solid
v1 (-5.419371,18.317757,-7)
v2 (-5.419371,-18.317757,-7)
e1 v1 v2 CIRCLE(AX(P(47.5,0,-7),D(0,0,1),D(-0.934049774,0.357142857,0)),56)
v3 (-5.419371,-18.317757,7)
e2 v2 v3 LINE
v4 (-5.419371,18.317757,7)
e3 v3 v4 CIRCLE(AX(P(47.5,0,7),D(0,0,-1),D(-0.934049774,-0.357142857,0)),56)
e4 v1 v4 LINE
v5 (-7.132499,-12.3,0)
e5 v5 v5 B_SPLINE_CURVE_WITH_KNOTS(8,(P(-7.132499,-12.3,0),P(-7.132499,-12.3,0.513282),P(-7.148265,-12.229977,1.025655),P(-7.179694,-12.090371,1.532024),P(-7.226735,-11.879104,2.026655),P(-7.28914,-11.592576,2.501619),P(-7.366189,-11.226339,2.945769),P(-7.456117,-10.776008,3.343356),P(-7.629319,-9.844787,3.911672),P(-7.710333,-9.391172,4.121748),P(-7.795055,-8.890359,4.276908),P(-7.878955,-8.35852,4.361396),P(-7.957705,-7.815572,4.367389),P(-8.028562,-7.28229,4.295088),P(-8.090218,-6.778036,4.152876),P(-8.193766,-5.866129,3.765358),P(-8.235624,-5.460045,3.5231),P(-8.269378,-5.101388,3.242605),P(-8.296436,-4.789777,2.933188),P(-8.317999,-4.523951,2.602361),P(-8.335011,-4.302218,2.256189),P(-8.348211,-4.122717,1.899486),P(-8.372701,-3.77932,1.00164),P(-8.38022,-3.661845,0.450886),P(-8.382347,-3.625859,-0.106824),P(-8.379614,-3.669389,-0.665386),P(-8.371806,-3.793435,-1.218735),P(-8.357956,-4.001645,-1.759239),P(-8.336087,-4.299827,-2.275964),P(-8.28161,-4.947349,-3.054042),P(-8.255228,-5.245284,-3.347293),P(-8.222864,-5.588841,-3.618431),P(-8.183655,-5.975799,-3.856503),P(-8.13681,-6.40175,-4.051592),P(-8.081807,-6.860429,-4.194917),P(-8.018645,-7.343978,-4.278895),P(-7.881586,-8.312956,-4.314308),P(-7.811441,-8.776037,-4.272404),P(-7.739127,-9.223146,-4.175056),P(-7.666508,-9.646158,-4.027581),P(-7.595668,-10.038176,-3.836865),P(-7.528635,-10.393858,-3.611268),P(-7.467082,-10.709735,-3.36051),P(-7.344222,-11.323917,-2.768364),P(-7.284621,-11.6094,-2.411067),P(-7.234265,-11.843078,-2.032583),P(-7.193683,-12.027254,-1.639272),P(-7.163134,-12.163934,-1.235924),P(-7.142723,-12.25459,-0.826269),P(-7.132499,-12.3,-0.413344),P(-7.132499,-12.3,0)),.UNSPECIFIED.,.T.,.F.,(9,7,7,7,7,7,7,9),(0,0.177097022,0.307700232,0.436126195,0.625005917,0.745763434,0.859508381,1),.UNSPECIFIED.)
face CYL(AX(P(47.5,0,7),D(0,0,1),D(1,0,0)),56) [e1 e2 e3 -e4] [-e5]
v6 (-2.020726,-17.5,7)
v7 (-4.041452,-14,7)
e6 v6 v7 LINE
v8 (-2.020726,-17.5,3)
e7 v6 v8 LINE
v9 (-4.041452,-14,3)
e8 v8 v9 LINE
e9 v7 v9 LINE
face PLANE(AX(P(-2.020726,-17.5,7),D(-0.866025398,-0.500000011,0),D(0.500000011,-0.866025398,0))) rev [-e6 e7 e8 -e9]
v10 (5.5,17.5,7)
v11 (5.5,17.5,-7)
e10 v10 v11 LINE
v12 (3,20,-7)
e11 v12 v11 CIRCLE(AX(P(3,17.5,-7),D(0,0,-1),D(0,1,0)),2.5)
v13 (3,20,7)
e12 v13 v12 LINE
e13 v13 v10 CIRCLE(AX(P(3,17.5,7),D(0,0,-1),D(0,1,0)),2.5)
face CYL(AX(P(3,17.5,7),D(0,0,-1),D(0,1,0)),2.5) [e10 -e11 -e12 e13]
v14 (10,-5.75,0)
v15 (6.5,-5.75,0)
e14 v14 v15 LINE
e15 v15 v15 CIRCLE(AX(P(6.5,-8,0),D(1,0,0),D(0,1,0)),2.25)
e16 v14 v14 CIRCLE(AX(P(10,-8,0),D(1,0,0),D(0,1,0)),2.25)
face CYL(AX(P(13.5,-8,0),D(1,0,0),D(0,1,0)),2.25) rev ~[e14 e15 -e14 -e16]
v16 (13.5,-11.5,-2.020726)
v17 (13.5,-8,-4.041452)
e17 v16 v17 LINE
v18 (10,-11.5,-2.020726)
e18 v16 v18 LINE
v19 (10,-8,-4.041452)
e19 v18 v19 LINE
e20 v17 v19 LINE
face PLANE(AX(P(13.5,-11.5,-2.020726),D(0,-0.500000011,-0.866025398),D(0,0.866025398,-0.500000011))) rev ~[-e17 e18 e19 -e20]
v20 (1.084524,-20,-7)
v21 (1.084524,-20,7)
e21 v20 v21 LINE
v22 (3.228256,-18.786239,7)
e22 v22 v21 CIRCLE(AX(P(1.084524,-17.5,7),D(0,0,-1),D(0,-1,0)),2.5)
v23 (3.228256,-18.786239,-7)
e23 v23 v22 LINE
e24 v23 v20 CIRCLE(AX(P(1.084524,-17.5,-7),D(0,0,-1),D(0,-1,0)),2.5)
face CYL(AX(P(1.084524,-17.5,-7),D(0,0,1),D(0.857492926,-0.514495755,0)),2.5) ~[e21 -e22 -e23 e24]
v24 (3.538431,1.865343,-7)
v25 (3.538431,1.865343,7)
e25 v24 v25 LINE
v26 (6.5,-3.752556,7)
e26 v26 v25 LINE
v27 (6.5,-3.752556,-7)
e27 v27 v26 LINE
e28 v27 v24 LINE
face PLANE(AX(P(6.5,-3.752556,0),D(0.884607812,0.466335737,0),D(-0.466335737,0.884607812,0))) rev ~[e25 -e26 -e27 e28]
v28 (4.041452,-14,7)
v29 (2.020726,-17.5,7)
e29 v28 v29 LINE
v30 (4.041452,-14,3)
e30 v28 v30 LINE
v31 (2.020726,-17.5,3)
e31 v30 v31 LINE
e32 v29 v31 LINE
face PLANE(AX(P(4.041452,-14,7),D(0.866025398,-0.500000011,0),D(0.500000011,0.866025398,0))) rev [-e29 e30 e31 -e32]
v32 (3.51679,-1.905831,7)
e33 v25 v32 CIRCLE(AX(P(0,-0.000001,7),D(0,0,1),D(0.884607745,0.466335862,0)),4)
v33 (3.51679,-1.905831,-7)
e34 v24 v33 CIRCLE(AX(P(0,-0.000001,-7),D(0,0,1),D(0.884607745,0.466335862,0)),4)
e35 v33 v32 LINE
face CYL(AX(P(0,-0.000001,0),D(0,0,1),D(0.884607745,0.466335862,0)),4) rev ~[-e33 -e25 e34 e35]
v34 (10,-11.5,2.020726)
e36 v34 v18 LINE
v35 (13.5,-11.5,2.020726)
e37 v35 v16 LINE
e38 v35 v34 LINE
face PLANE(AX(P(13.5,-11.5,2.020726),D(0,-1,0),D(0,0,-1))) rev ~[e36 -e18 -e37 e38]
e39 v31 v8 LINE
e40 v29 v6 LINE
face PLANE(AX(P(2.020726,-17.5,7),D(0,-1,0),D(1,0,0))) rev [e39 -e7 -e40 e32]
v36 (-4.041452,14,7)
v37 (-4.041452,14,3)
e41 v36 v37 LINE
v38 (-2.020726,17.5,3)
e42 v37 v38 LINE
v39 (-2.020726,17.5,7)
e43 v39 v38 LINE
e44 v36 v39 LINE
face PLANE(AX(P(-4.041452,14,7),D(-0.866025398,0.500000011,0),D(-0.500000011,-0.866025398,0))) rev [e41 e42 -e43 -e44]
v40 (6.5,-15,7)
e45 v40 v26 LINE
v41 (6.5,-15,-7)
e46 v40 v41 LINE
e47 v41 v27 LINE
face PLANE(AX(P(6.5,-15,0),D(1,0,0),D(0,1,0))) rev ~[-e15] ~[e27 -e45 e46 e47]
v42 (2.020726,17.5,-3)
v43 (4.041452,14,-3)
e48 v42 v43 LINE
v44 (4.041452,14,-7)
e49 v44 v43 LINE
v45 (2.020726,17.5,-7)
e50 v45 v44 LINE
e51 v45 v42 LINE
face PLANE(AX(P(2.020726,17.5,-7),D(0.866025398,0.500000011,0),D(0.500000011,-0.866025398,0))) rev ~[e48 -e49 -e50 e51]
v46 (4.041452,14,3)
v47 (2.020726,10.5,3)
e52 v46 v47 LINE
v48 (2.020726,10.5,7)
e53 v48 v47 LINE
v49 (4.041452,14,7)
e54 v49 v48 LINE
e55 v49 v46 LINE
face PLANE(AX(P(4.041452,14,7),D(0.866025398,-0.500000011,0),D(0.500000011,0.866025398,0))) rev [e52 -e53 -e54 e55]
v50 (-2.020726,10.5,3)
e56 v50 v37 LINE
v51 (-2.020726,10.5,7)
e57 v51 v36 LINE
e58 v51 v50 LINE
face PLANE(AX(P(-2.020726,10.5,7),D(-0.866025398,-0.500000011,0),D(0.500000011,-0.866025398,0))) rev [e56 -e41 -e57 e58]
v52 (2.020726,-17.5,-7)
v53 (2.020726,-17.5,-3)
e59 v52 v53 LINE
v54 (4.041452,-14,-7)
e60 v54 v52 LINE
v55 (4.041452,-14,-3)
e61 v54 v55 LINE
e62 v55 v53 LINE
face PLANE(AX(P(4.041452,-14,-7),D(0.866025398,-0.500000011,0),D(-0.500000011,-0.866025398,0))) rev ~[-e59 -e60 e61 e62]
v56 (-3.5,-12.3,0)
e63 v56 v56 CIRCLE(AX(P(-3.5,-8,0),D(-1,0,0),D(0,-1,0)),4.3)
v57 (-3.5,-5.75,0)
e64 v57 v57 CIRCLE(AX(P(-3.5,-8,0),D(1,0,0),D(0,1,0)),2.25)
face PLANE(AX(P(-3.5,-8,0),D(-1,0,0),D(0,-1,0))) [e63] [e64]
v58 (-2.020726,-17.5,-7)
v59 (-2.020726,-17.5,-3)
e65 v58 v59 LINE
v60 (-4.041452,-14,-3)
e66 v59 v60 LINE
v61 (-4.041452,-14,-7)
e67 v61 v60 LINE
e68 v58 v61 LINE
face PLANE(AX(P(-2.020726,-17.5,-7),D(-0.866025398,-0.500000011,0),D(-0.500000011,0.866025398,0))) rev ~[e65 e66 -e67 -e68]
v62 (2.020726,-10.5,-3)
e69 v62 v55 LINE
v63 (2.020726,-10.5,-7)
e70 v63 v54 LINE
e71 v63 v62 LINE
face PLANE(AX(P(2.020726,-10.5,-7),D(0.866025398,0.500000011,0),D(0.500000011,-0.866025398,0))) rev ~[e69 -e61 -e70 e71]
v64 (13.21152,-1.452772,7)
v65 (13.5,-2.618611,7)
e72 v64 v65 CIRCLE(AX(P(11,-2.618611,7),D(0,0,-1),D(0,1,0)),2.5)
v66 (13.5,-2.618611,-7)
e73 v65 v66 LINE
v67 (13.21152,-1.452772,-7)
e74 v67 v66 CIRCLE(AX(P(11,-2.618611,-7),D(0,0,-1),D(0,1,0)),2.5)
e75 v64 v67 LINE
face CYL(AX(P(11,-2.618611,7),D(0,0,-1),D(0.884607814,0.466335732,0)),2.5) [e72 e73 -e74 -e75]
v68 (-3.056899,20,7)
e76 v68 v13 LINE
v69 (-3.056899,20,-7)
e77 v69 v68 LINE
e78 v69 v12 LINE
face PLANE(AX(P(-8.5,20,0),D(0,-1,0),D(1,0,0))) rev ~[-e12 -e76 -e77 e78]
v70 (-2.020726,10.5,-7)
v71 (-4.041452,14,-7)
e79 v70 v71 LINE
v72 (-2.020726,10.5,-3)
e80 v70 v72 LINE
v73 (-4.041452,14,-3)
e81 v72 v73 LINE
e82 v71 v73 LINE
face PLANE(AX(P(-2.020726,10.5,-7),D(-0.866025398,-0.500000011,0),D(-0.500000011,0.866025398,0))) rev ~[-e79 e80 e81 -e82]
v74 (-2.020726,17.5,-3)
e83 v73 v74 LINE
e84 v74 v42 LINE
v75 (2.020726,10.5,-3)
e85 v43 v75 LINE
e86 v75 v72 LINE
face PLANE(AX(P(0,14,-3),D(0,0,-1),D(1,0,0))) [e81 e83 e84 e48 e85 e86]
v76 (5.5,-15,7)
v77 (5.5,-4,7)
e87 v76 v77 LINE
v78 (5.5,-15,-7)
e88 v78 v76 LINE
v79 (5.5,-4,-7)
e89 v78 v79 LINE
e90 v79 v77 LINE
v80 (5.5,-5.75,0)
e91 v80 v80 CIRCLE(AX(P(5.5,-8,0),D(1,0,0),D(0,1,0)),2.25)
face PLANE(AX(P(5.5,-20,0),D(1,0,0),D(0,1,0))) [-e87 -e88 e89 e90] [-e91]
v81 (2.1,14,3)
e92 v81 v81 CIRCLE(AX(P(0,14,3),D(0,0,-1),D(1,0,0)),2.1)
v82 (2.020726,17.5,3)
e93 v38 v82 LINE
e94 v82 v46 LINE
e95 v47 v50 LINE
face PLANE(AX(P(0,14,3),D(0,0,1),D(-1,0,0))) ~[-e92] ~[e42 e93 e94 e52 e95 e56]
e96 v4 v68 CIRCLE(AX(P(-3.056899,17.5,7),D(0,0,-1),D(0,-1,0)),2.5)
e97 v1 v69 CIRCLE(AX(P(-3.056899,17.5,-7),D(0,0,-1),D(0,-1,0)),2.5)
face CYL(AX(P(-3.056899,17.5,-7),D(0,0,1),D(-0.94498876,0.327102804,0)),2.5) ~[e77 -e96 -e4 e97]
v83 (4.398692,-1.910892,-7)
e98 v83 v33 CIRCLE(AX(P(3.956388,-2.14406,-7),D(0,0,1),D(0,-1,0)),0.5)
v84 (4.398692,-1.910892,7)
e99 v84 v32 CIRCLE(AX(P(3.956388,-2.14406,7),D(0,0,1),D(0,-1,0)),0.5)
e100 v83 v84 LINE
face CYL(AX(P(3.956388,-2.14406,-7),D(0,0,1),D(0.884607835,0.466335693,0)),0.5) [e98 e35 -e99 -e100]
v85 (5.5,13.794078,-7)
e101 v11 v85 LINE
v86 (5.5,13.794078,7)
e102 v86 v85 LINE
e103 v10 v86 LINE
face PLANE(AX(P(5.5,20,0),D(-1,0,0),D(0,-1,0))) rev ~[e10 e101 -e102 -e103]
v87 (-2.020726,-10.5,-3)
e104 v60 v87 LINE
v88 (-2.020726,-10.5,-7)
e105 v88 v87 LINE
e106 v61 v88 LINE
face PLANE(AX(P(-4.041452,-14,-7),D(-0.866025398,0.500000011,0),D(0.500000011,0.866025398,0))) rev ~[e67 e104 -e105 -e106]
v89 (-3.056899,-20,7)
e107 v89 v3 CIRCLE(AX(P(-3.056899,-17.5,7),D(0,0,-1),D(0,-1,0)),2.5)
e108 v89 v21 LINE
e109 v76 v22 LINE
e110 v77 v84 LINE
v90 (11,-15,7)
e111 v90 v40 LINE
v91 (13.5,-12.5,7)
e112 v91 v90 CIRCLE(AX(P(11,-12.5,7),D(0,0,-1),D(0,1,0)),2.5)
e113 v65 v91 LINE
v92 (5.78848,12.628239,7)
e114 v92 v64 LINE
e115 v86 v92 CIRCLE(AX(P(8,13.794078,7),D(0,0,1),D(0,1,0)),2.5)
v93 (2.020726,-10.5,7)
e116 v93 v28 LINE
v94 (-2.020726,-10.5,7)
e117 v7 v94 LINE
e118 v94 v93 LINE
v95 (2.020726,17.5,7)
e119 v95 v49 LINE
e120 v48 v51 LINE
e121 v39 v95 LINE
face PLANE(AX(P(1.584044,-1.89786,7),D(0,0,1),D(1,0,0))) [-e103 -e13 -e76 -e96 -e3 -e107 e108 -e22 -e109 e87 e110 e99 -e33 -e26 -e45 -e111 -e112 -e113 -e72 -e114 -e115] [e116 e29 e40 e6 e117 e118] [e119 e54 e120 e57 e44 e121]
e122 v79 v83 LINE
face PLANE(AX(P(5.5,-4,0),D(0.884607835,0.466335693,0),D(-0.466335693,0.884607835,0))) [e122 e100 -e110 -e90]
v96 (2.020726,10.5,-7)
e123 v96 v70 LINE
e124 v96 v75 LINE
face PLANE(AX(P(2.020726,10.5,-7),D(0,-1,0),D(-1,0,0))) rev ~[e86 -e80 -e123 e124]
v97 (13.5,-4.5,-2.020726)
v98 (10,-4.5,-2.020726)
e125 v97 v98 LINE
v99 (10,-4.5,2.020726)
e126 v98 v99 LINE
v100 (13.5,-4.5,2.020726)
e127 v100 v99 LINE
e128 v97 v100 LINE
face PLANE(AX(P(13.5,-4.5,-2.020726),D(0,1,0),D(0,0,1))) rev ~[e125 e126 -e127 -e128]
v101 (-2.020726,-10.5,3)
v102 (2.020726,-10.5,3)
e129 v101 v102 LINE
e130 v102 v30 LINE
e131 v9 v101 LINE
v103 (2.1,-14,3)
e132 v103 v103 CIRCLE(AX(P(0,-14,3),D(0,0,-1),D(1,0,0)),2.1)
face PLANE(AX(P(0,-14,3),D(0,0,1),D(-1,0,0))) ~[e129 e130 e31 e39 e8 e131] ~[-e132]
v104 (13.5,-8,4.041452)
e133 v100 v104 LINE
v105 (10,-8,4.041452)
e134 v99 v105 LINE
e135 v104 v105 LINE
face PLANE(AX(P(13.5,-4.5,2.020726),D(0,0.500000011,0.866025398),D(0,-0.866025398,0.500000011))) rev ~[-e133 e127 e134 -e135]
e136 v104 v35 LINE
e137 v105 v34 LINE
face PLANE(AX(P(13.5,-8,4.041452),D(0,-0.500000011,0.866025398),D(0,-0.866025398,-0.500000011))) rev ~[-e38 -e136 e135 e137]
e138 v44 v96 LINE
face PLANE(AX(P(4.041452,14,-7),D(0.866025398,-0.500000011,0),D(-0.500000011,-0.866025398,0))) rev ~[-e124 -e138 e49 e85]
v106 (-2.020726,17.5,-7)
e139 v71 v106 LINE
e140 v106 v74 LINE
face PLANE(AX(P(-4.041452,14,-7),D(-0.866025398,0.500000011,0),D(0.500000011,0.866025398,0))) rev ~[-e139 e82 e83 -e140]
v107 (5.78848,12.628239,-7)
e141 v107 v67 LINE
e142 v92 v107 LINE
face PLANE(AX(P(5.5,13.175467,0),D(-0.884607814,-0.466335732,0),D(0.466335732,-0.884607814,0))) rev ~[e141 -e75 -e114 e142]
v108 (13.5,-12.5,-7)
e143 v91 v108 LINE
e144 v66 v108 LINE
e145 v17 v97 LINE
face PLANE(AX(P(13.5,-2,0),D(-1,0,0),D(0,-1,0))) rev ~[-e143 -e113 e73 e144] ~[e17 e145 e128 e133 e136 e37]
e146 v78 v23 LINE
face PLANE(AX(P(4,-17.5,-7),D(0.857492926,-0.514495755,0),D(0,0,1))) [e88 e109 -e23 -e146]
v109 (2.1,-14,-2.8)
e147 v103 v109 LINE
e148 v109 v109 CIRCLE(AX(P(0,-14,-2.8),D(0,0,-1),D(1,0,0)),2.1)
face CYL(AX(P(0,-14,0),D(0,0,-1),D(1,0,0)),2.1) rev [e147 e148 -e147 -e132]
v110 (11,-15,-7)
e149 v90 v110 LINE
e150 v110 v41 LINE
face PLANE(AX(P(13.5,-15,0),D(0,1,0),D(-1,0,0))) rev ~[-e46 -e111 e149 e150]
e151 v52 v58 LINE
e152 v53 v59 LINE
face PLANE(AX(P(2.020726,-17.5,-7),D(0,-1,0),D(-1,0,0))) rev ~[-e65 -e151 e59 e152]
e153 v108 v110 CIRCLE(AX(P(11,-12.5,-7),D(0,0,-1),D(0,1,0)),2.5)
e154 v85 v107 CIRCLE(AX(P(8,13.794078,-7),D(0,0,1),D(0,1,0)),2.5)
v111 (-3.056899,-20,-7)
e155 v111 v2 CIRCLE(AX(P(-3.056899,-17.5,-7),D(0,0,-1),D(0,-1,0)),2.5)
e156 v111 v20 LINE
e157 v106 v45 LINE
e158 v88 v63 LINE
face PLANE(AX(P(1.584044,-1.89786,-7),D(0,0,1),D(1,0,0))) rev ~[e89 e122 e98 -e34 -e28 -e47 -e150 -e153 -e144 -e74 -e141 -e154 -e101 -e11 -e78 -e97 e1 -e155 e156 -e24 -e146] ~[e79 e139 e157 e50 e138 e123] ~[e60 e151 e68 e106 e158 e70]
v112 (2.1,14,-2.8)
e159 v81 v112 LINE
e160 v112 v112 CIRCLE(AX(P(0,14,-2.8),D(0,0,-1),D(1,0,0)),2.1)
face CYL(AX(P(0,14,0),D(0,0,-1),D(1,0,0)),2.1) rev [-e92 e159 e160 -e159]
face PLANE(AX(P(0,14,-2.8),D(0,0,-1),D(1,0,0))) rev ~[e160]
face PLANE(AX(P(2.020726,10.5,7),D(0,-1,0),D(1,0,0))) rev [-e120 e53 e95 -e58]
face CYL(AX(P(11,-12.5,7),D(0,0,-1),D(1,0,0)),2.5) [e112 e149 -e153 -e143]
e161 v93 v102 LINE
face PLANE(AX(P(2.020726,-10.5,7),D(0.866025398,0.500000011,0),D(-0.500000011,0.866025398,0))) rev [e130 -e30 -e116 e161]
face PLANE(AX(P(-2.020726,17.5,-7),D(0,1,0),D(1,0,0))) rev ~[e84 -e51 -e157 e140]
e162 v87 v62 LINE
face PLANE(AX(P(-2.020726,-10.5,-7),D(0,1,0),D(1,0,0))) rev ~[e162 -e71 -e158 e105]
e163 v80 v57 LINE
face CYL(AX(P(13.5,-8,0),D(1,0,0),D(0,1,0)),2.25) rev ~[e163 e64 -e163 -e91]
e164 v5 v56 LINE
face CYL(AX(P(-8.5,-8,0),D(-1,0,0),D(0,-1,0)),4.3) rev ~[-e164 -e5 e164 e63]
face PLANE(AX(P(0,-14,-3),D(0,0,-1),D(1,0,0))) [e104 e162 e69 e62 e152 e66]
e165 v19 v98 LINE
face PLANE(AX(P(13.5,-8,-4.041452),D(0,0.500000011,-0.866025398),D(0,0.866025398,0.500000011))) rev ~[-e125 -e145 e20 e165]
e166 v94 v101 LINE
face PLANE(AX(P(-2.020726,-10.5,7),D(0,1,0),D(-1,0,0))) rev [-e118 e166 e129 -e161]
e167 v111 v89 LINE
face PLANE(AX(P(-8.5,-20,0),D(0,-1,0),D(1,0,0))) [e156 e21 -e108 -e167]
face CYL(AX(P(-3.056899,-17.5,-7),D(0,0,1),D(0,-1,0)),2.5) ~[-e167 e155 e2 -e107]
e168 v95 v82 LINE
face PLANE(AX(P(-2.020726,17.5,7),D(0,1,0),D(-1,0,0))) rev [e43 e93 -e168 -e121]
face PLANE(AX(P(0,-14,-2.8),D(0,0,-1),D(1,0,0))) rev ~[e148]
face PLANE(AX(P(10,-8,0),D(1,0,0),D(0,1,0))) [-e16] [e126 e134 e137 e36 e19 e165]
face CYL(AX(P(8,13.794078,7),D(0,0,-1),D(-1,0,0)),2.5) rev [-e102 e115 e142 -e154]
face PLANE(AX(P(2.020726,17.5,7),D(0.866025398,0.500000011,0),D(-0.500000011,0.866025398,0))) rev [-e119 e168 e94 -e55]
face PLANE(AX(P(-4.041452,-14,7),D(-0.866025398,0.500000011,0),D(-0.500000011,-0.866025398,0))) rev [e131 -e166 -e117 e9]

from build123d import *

# Parameters (mm, degrees)
SKETCH_R        = 2.1
PAD_DEPTH       = 7
SKETCH001_R     = 2.25
POCKET_DEPTH    = 22.001
POCKET001_DEPTH = 3.5
SKETCH003_R     = 4.3
POCKET002_DEPTH = 5
SKETCH004_R     = 62
SKETCH004_R_2   = 56
POCKET003_DEPTH = 14.001
CHAMFER_SIZE2   = 3
CHAMFER_SIZE    = 5
FILLET_R        = 2.5
FILLET001_R     = 0.5
POCKET004_DEPTH = 4
SKETCH006_R     = 2.1
PAD001_DEPTH    = 0.2


with BuildPart() as part:
    # Sketch → Pad (new body, symmetric)
    with BuildSketch(Plane.XY):
        with BuildLine():
            Line((-8.5, 20), (-8.5, -20))
            Line((-8.5, -20), (5.5, -20))
            Line((5.5, -20), (5.5, -4))
            Line((5.5, -4), (3.887632, -0.941445))
            ThreePointArc((3.538431, 1.865343), (-3.969398, -0.493844), (3.887632, -0.941445))
            Line((6.5, -3.752556), (3.538431, 1.865343))
            Line((6.5, -15), (6.5, -3.752556))
            Line((13.5, -15), (6.5, -15))
            Line((13.5, -2), (13.5, -15))
            Line((5.5, 13.175467), (13.5, -2))
            Line((5.5, 20), (5.5, 13.175467))
            Line((-8.5, 20), (5.5, 20))
        make_face()
        with Locations((0, 14)):
            Circle(SKETCH_R, mode=Mode.SUBTRACT)
        with Locations((0, -14)):
            Circle(SKETCH_R, mode=Mode.SUBTRACT)
    extrude(amount=PAD_DEPTH, both=True)

    # Sketch001 (on Face10 of Pad) → Pocket (cut, through all)
    with BuildSketch(Plane.YZ.offset(13.5)):
        with Locations((-8, 0)):
            Circle(SKETCH001_R)
    extrude(amount=-POCKET_DEPTH, mode=Mode.SUBTRACT)

    # Sketch002 (on Face15 of Pocket) → Pocket001 (cut)
    with BuildSketch(Plane.YZ.offset(13.5)):
        Polygon((-4.5, 2.020726), (-8, 4.041452), (-11.5, 2.020726), (-11.5, -2.020726), (-8, -4.041452), (-4.5, -2.020726), align=None)
    extrude(amount=-POCKET001_DEPTH, mode=Mode.SUBTRACT)

    # Sketch003 (on Face2 of Pocket001) → Pocket002 (cut)
    with BuildSketch(Plane(origin=(-8.5, 0, 0), x_dir=(0, -1, 0), z_dir=(-1, 0, 0))):
        with Locations((8, 0)):
            Circle(SKETCH003_R)
    extrude(amount=-POCKET002_DEPTH, mode=Mode.SUBTRACT)

    # Sketch004 (on Face5 of Pocket002) → Pocket003 (cut, through all)
    with BuildSketch(Plane.XY.offset(7)):
        with Locations((47.5, 0)):
            Circle(SKETCH004_R)
        with Locations((47.5, 0)):
            Circle(SKETCH004_R_2, mode=Mode.SUBTRACT)
    extrude(amount=-POCKET003_DEPTH, mode=Mode.SUBTRACT)

    # Chamfer
    chamfer_edges = [part.edges().sort_by_distance(p)[0] for p in [
        (5.5, -20, 0),
    ]]
    chamfer_side = part.faces().sort_by_distance((5.5, -12.305712, 0))[0]
    chamfer(chamfer_edges, length=CHAMFER_SIZE, length2=CHAMFER_SIZE2, reference=chamfer_side)

    # Fillet
    fillet_edges = [part.edges().sort_by_distance(p)[0] for p in [
        (2.5, -20, 0),
        (-4.806787, -20, 0),
        (13.5, -15, 0),
        (5.5, 20, 0),
        (13.5, -2, 0),
        (5.5, 13.175467, 0),
        (-4.806787, 20, 0),
    ]]
    fillet(fillet_edges, radius=FILLET_R)

    # Fillet001
    fillet001_edges = [part.edges().sort_by_distance(p)[0] for p in [
        (3.887632, -0.941445, 0),
    ]]
    fillet(fillet001_edges, radius=FILLET001_R)

    # Sketch005 (on Face1 of Fillet001) → Pocket004 (cut)
    with BuildSketch(Plane(origin=(0, 0, -7), x_dir=(1, 0, 0), z_dir=(0, 0, -1))):
        Polygon((4.041452, 14), (2.020726, 17.5), (-2.020726, 17.5), (-4.041452, 14), (-2.020726, 10.5), (2.020726, 10.5), align=None)
        Polygon((4.041452, -14), (2.020726, -10.5), (-2.020726, -10.5), (-4.041452, -14), (-2.020726, -17.5), (2.020726, -17.5), align=None)
    pocket004 = extrude(amount=-POCKET004_DEPTH, mode=Mode.SUBTRACT)

    # Mirrored: Pocket004 across XY
    add(pocket004.mirror(Plane.XY), mode=Mode.SUBTRACT)

    # Sketch006 (on Face46 of Mirrored) → Pad001 (join)
    with BuildSketch(Plane(origin=(0, 0, -3), x_dir=(1, 0, 0), z_dir=(0, 0, -1))):
        with Locations((0, 14)):
            Circle(SKETCH006_R)
        with Locations((0, -14)):
            Circle(SKETCH006_R)
    extrude(amount=-PAD001_DEPTH)


solid = part.part
